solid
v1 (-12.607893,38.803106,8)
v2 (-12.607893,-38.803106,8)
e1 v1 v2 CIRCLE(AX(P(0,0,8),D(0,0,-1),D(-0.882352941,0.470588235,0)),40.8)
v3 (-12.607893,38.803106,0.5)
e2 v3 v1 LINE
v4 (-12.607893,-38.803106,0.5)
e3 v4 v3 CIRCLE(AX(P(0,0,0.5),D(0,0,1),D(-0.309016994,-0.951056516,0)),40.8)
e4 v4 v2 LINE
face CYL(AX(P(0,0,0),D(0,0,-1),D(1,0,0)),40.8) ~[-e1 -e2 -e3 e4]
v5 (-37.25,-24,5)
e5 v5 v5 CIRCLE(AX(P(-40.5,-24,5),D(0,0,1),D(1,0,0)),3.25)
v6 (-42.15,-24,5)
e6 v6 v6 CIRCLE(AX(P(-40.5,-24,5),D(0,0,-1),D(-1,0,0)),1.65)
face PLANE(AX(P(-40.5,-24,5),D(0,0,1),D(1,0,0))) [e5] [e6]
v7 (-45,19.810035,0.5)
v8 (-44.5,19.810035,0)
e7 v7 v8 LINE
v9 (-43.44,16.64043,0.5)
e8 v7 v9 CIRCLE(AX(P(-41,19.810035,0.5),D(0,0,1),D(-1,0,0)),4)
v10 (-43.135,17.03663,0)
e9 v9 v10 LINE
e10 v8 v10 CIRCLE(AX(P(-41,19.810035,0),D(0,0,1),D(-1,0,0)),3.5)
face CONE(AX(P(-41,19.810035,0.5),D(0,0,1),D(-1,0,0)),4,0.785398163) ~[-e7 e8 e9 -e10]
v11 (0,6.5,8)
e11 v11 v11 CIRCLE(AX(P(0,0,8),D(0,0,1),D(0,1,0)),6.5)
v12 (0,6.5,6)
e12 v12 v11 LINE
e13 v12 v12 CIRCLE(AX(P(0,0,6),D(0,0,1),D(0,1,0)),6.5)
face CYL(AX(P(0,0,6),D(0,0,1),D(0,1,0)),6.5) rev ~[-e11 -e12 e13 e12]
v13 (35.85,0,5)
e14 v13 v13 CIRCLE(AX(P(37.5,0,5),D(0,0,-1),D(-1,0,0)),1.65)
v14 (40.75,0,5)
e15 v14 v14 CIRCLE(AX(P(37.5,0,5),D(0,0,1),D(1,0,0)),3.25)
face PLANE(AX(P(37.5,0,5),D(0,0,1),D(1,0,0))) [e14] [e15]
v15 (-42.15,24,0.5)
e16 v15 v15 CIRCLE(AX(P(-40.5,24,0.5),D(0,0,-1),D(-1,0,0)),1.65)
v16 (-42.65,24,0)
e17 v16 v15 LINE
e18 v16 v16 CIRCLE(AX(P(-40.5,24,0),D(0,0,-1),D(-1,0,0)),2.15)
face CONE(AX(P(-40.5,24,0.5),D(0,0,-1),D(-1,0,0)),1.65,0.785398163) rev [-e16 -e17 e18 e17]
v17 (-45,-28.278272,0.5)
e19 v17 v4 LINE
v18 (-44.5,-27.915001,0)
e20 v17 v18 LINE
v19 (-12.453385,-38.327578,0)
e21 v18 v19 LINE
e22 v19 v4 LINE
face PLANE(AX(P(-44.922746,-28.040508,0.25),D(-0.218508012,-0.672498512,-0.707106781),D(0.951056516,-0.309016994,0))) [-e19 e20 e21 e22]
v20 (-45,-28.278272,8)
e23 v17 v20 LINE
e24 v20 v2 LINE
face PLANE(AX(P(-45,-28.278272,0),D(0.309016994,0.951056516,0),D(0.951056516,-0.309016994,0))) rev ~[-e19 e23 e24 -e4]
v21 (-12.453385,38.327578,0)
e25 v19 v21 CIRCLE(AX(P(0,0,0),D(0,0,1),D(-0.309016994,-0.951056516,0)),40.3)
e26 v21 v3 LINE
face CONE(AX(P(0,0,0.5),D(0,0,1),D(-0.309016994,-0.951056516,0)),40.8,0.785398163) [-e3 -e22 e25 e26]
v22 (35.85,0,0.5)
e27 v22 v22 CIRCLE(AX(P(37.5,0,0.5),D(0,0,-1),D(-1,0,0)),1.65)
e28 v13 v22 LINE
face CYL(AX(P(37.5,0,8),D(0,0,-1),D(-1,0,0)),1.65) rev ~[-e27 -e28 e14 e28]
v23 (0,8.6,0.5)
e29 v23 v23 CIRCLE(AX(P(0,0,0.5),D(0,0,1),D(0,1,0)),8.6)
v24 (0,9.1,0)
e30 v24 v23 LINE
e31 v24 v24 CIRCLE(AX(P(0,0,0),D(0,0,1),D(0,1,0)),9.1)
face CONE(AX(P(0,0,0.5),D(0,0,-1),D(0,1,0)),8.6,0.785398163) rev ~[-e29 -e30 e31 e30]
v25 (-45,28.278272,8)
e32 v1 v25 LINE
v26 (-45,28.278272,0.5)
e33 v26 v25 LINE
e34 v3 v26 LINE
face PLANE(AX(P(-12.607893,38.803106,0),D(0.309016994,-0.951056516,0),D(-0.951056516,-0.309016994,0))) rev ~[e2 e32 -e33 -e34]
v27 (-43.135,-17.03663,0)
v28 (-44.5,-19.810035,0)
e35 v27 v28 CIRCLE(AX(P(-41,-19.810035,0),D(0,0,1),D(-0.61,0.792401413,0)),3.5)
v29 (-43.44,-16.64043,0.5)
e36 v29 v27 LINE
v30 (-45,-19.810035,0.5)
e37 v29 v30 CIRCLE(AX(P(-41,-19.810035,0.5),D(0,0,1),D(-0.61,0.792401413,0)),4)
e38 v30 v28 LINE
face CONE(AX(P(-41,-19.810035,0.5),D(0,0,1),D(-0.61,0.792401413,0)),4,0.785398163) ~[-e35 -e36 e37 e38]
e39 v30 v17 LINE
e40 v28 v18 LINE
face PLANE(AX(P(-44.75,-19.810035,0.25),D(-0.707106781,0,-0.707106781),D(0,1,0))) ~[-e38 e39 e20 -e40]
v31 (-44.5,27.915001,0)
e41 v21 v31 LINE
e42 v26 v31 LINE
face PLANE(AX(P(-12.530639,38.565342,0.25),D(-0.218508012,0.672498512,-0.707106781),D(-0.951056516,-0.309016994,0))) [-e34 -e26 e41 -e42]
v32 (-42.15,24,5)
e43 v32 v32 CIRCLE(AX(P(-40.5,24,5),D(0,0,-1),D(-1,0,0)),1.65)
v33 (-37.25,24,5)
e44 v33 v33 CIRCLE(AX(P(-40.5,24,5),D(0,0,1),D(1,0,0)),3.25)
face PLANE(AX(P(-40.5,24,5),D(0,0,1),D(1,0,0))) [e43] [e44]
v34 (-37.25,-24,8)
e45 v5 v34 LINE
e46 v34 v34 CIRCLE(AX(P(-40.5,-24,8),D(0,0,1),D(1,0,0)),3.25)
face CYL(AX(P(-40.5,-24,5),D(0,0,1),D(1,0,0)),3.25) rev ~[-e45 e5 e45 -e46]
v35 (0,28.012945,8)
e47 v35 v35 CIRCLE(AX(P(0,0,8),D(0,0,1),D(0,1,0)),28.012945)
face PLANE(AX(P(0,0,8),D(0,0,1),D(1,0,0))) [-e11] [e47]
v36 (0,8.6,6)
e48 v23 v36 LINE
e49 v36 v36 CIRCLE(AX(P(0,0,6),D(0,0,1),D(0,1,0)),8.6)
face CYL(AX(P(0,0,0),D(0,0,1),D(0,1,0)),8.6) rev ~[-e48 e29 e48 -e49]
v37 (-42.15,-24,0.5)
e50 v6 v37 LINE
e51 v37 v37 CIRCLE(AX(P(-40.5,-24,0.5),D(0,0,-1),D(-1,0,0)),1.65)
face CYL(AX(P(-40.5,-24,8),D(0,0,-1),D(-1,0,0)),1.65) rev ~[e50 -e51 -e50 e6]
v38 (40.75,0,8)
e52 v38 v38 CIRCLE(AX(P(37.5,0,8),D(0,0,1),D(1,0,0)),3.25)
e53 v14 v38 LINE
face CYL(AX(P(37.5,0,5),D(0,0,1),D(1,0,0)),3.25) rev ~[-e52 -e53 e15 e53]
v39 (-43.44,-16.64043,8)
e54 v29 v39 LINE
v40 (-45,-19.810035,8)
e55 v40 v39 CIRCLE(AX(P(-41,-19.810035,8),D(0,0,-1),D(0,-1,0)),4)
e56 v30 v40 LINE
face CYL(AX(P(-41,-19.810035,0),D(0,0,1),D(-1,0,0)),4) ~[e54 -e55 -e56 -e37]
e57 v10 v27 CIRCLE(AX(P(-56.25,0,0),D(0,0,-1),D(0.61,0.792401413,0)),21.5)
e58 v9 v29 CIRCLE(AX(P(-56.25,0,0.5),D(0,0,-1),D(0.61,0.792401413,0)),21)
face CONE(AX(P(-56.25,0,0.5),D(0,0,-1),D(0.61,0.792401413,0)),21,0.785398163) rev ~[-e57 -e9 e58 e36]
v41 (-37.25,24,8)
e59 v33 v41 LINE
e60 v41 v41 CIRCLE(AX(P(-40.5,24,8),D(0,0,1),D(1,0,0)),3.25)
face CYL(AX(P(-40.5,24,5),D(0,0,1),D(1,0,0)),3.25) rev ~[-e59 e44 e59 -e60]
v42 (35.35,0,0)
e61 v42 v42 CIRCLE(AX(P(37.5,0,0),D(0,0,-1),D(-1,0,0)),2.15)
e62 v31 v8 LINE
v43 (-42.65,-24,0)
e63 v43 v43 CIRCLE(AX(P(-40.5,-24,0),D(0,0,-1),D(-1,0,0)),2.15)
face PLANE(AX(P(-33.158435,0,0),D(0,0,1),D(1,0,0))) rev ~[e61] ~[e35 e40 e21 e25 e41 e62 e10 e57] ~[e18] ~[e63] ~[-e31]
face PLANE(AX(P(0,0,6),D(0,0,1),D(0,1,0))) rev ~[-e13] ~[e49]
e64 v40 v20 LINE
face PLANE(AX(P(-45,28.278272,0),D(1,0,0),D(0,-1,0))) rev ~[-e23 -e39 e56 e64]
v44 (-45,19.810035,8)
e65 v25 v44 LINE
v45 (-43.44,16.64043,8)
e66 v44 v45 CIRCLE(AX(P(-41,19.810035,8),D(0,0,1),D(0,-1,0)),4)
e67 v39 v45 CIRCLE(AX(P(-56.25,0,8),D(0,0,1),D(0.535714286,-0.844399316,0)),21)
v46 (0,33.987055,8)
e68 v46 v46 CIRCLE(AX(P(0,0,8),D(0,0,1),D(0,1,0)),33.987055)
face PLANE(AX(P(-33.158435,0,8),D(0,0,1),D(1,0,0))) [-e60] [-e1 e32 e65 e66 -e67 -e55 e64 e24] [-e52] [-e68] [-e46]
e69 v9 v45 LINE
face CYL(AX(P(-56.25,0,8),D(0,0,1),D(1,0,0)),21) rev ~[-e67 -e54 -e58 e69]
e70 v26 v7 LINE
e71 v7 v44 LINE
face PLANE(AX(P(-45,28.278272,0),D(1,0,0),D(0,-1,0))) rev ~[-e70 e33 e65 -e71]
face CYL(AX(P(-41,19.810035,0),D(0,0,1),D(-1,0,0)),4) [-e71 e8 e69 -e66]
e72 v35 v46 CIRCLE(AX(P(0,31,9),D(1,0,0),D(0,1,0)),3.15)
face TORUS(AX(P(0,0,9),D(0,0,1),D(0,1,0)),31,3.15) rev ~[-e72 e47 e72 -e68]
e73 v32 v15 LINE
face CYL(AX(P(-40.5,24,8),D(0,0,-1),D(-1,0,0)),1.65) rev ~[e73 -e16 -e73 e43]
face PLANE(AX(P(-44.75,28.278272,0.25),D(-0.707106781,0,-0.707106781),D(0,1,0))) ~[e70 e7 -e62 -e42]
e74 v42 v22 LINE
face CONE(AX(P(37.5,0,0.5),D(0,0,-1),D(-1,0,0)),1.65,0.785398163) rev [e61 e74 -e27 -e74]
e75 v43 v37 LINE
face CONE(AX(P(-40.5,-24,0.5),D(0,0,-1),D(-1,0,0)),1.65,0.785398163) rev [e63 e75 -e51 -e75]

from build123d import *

# Parameters (mm, degrees)
F0_R            = 40.8
F1_DEPTH        = 8
F4_R            = 3.15
F6_W            = 4.8
F6_H            = 38.4
F7_DEPTH        = 8.001
F9_DEPTH        = 8
F10_R           = 21
F11_DEPTH       = 8.001
F12_R           = 4
F14_D           = 3.3
F14_CBORE_D     = 6.5
F14_CBORE_DEPTH = 3
F15_SIZE        = 0.5


with BuildPart() as f1:
    # F0 (on Top) → F1 (new body)
    with BuildSketch(Plane.XY):
        Circle(F0_R)
    extrude(amount=F1_DEPTH)

    # F2 (on Right) → F3 (revolve, cut)
    with BuildSketch(Plane.YZ):
        Polygon((0, 8), (0, 0), (8.6, 0), (8.6, 6), (6.5, 6), (6.5, 8), align=None)
    revolve(axis=Axis((0, 0, 10.7360328796), (0, 0, 1)), mode=Mode.SUBTRACT)

    # F4 (on Right) → F5 (revolve, cut)
    with BuildSketch(Plane.YZ):
        with Locations((31, 9)):
            Circle(F4_R)
    revolve(axis=Axis((0, 0, 6.3867427816), (0, 0, 1)), mode=Mode.SUBTRACT)

    # F6 (on Top) → F7 (cut, through all)
    with BuildSketch(Plane.XY):
        with Locations((-38.4, 0)):
            Rectangle(F6_W, F6_H)
    extrude(amount=F7_DEPTH, mode=Mode.SUBTRACT)

    # F8 (on Top) → F9 (join, through all)
    with BuildSketch(Plane.XY):
        with BuildLine():
            Line((-45, 28.2782724184), (-45, -28.2782724184))
            Line((-45, -28.2782724184), (-12.6078933705, -38.8031058648))
            ThreePointArc((-12.6078933705, -38.8031058648), (-26.2059585661, -31.2711965814), (-36, -19.2))
            Line((-36, -19.2), (-36, 19.2))
            ThreePointArc((-36, 19.2), (-26.2059585661, 31.2711965814), (-12.6078933705, 38.8031058648))
            Line((-12.6078933705, 38.8031058648), (-45, 28.2782724184))
        make_face()
    extrude(amount=F9_DEPTH)

    # F10 (on face) → F11 (cut, through all)
    with BuildSketch(Plane.XY.offset(8)):
        with Locations((-56.25, 0)):
            Circle(F10_R)
    extrude(amount=-F11_DEPTH, mode=Mode.SUBTRACT)

    # F12
    f12_edges = [f1.edges().sort_by_distance(p)[0] for p in [
        (-45, -17.732386, 4),
        (-45, 17.732386, 4),
    ]]
    fillet(f12_edges, radius=F12_R)

    # F14 (through all)
    with Locations(Plane.XY.offset(8)):
        with Locations((-40.5, 24), (-40.5, -24), (37.5, 0)):
            CounterBoreHole(F14_D / 2, F14_CBORE_D / 2, F14_CBORE_DEPTH)

    # F15
    f15_edges = [f1.edges().sort_by_distance(p)[0] for p in [
        (-45, 24.044154, 0),
        (-44.588872, 18.043683, 0),
        (-28.803947, 33.540689, 0),
        (-35.25, 0, 0),
        (40.8, 0, 0),
        (-44.588872, -18.043683, 0),
        (-28.803947, -33.540689, 0),
        (-45, -24.044154, 0),
        (-42.15, -24, 0),
        (-42.15, 24, 0),
        (0, -8.6, 0),
        (35.85, 0, 0),
    ]]
    chamfer(f15_edges, length=F15_SIZE)


solid = f1.part
